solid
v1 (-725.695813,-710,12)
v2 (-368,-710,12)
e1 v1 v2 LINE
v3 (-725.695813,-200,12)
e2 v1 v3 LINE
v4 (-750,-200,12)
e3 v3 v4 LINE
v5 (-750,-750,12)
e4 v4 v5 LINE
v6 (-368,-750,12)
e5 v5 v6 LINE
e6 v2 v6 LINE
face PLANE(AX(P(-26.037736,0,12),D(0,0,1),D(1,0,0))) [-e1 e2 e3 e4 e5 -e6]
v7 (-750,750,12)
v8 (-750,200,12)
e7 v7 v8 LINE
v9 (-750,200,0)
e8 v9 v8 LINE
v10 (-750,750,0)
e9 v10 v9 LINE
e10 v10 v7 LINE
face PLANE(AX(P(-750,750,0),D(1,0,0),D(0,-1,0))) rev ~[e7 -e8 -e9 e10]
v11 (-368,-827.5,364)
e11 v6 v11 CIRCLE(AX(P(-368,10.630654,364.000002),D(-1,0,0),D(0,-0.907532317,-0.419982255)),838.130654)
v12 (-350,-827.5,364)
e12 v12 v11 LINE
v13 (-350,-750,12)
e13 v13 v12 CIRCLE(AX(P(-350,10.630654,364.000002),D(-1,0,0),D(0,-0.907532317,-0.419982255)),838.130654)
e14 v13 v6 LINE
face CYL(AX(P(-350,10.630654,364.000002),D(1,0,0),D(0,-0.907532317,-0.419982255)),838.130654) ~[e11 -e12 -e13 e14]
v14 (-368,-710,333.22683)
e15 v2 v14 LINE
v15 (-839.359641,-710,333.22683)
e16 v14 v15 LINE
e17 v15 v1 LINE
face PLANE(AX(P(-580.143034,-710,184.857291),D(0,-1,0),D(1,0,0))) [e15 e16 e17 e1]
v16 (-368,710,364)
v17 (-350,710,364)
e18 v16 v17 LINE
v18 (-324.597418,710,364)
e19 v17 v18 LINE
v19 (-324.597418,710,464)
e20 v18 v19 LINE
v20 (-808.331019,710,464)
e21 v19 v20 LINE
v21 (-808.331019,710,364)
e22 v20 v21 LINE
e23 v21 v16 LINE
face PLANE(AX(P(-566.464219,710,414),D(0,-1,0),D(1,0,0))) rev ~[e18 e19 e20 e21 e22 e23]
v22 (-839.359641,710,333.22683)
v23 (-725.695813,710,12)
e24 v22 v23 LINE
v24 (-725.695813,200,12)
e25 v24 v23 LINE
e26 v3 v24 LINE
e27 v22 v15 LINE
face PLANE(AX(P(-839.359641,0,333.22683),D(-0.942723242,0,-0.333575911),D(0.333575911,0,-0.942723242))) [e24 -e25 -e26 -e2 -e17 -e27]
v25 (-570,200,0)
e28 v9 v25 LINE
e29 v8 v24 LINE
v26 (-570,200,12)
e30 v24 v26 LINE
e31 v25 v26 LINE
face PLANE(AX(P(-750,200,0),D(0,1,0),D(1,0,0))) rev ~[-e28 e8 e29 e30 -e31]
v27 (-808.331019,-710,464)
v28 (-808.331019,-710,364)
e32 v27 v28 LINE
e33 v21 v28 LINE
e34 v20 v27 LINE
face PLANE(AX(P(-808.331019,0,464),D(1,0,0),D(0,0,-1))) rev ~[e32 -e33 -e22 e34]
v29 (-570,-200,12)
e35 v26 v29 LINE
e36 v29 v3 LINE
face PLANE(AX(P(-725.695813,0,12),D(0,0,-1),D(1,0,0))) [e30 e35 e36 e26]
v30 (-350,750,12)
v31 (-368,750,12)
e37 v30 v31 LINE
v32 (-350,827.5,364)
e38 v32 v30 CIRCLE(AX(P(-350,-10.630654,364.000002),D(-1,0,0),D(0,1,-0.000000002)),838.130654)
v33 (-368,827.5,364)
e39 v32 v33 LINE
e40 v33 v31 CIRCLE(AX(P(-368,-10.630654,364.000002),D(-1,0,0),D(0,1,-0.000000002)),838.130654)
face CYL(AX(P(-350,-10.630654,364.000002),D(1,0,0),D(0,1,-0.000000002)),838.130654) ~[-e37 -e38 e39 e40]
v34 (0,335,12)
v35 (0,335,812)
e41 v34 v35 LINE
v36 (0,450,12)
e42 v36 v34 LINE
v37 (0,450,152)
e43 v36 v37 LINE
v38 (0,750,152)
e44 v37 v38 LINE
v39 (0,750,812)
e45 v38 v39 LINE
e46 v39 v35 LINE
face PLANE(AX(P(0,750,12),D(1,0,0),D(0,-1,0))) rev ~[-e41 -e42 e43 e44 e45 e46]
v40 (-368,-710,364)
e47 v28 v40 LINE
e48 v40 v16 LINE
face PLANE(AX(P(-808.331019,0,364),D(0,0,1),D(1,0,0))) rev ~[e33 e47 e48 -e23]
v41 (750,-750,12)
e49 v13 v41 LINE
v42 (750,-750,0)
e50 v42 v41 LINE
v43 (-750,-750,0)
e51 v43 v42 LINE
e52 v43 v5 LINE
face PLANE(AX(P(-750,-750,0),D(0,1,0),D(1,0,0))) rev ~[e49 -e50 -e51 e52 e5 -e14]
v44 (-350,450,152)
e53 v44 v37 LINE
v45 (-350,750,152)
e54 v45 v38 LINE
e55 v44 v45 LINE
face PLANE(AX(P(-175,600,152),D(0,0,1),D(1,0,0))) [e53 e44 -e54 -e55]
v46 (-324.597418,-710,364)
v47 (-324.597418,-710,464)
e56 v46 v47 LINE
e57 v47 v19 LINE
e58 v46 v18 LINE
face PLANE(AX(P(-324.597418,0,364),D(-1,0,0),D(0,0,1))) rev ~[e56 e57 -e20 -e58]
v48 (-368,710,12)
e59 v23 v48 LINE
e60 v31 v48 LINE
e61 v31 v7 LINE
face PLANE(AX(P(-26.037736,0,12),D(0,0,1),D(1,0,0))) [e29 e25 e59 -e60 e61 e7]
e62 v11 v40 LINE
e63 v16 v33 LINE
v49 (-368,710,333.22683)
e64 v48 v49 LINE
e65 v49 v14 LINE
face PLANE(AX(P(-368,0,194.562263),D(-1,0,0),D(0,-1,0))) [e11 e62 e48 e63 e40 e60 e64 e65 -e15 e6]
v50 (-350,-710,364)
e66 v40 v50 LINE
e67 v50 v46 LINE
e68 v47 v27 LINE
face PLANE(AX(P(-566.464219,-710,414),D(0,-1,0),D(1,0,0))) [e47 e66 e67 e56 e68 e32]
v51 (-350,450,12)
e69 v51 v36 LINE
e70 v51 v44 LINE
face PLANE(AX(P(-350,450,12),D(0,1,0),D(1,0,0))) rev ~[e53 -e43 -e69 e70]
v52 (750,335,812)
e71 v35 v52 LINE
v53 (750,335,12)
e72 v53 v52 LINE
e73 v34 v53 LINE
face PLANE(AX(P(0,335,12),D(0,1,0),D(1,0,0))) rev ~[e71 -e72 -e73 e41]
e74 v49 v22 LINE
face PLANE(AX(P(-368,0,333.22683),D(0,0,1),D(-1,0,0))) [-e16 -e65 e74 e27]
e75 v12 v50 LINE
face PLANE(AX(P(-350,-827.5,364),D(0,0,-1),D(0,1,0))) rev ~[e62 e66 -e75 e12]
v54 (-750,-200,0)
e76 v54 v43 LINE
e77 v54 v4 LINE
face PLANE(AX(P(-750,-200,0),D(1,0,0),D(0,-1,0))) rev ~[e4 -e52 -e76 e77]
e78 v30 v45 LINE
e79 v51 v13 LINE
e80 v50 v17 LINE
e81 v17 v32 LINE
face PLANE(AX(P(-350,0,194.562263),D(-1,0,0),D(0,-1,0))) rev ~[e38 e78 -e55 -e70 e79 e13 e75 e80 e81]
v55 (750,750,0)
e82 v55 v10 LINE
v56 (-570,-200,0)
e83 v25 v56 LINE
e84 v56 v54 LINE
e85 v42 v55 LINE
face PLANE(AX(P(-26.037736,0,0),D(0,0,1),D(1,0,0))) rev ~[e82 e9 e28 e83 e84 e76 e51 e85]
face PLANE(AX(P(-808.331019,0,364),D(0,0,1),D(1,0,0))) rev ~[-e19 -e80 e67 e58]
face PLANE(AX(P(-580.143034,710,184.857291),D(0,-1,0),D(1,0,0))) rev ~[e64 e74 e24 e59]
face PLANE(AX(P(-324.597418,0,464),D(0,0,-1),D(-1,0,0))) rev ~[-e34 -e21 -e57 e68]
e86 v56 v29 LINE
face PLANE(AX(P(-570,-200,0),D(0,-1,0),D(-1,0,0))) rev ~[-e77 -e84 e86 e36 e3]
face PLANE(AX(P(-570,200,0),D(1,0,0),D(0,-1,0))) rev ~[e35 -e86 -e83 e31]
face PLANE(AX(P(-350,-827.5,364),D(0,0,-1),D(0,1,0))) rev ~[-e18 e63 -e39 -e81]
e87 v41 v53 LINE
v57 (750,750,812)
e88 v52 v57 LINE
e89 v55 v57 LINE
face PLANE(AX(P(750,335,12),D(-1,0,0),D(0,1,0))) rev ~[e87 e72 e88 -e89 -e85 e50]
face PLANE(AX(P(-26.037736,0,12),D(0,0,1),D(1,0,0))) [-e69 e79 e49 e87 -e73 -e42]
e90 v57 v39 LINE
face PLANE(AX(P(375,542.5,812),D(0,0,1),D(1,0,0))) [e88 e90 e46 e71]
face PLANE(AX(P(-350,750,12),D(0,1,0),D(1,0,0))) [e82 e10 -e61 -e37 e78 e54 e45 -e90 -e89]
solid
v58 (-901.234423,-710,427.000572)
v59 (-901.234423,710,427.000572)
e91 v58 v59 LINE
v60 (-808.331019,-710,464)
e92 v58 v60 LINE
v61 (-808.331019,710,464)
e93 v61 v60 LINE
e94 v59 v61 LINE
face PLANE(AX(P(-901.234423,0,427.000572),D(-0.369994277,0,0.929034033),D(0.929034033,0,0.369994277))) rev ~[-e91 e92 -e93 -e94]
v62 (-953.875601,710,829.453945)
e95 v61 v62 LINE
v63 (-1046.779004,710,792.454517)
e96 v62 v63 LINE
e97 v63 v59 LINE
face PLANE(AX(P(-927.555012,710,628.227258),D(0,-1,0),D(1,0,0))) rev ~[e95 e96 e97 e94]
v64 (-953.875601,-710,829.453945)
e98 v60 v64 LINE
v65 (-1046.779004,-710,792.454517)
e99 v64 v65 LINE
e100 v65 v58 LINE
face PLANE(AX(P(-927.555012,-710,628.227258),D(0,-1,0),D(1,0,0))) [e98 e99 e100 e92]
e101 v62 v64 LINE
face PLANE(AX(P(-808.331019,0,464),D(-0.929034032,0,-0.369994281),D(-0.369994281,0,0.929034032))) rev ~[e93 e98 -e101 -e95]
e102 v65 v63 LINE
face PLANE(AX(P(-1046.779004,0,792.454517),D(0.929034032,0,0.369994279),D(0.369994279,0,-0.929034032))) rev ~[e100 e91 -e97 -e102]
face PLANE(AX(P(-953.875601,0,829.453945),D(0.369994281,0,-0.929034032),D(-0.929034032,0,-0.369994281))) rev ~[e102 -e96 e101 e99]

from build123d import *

# Parameters (mm, degrees)
F1_DEPTH  = 12
F6_DEPTH  = 18
F7_DEPTH  = 800
F3_W      = 350
F3_H      = 300
F8_DEPTH  = 140
F10_DEPTH = 710


with BuildPart() as f1:
    # F0 (on Top) → F1 (new body)
    with BuildSketch(Plane.XY):
        Polygon((750, -750), (750, 750), (-750, 750), (-750, 200), (-570, 200), (-570, -200), (-750, -200), (-750, -750), align=None)
    extrude(amount=F1_DEPTH)

    # F5 (on face) → F6 (join)
    with BuildSketch(Plane(origin=(-350, 0, 0), x_dir=(0, -1, 0), z_dir=(-1, 0, 0))):
        with BuildLine():
            ThreePointArc((750, 12), (807.895723, 183.784677), (827.5, 364))
            Line((827.5, 364), (-827.5, 364))
            ThreePointArc((-827.5, 364), (-807.895723, 183.784677), (-750, 12))
            Line((-750, 12), (750, 12))
        make_face()
    extrude(amount=F6_DEPTH)

    # F3 (on face) → F7 (join)
    with BuildSketch(Plane.XY.offset(12)):
        Polygon((750, 335), (750, 750), (0, 750), (0, 450), (0, 335), align=None)
    extrude(amount=F7_DEPTH)

    # F3 (on face) → F8 (join)
    with BuildSketch(Plane.XY.offset(12)):
        with Locations((-175, 600)):
            Rectangle(F3_W, F3_H)
    extrude(amount=F8_DEPTH)

    # F9 (on Front) → F10 (join, symmetric)
    with BuildSketch(Plane.XZ):
        Polygon((-901.234423, 427.000572), (-808.331019, 464), (-953.875601, 829.453945), (-1046.779004, 792.454517), align=None)
        Polygon((-368, 364), (-324.597418, 364), (-324.597418, 464), (-808.331019, 464), (-808.331019, 364), align=None)
        Polygon((-368, 12), (-368, 333.22683), (-839.359641, 333.22683), (-725.695813, 12), align=None)
    extrude(amount=F10_DEPTH, both=True)


solid = f1.part
